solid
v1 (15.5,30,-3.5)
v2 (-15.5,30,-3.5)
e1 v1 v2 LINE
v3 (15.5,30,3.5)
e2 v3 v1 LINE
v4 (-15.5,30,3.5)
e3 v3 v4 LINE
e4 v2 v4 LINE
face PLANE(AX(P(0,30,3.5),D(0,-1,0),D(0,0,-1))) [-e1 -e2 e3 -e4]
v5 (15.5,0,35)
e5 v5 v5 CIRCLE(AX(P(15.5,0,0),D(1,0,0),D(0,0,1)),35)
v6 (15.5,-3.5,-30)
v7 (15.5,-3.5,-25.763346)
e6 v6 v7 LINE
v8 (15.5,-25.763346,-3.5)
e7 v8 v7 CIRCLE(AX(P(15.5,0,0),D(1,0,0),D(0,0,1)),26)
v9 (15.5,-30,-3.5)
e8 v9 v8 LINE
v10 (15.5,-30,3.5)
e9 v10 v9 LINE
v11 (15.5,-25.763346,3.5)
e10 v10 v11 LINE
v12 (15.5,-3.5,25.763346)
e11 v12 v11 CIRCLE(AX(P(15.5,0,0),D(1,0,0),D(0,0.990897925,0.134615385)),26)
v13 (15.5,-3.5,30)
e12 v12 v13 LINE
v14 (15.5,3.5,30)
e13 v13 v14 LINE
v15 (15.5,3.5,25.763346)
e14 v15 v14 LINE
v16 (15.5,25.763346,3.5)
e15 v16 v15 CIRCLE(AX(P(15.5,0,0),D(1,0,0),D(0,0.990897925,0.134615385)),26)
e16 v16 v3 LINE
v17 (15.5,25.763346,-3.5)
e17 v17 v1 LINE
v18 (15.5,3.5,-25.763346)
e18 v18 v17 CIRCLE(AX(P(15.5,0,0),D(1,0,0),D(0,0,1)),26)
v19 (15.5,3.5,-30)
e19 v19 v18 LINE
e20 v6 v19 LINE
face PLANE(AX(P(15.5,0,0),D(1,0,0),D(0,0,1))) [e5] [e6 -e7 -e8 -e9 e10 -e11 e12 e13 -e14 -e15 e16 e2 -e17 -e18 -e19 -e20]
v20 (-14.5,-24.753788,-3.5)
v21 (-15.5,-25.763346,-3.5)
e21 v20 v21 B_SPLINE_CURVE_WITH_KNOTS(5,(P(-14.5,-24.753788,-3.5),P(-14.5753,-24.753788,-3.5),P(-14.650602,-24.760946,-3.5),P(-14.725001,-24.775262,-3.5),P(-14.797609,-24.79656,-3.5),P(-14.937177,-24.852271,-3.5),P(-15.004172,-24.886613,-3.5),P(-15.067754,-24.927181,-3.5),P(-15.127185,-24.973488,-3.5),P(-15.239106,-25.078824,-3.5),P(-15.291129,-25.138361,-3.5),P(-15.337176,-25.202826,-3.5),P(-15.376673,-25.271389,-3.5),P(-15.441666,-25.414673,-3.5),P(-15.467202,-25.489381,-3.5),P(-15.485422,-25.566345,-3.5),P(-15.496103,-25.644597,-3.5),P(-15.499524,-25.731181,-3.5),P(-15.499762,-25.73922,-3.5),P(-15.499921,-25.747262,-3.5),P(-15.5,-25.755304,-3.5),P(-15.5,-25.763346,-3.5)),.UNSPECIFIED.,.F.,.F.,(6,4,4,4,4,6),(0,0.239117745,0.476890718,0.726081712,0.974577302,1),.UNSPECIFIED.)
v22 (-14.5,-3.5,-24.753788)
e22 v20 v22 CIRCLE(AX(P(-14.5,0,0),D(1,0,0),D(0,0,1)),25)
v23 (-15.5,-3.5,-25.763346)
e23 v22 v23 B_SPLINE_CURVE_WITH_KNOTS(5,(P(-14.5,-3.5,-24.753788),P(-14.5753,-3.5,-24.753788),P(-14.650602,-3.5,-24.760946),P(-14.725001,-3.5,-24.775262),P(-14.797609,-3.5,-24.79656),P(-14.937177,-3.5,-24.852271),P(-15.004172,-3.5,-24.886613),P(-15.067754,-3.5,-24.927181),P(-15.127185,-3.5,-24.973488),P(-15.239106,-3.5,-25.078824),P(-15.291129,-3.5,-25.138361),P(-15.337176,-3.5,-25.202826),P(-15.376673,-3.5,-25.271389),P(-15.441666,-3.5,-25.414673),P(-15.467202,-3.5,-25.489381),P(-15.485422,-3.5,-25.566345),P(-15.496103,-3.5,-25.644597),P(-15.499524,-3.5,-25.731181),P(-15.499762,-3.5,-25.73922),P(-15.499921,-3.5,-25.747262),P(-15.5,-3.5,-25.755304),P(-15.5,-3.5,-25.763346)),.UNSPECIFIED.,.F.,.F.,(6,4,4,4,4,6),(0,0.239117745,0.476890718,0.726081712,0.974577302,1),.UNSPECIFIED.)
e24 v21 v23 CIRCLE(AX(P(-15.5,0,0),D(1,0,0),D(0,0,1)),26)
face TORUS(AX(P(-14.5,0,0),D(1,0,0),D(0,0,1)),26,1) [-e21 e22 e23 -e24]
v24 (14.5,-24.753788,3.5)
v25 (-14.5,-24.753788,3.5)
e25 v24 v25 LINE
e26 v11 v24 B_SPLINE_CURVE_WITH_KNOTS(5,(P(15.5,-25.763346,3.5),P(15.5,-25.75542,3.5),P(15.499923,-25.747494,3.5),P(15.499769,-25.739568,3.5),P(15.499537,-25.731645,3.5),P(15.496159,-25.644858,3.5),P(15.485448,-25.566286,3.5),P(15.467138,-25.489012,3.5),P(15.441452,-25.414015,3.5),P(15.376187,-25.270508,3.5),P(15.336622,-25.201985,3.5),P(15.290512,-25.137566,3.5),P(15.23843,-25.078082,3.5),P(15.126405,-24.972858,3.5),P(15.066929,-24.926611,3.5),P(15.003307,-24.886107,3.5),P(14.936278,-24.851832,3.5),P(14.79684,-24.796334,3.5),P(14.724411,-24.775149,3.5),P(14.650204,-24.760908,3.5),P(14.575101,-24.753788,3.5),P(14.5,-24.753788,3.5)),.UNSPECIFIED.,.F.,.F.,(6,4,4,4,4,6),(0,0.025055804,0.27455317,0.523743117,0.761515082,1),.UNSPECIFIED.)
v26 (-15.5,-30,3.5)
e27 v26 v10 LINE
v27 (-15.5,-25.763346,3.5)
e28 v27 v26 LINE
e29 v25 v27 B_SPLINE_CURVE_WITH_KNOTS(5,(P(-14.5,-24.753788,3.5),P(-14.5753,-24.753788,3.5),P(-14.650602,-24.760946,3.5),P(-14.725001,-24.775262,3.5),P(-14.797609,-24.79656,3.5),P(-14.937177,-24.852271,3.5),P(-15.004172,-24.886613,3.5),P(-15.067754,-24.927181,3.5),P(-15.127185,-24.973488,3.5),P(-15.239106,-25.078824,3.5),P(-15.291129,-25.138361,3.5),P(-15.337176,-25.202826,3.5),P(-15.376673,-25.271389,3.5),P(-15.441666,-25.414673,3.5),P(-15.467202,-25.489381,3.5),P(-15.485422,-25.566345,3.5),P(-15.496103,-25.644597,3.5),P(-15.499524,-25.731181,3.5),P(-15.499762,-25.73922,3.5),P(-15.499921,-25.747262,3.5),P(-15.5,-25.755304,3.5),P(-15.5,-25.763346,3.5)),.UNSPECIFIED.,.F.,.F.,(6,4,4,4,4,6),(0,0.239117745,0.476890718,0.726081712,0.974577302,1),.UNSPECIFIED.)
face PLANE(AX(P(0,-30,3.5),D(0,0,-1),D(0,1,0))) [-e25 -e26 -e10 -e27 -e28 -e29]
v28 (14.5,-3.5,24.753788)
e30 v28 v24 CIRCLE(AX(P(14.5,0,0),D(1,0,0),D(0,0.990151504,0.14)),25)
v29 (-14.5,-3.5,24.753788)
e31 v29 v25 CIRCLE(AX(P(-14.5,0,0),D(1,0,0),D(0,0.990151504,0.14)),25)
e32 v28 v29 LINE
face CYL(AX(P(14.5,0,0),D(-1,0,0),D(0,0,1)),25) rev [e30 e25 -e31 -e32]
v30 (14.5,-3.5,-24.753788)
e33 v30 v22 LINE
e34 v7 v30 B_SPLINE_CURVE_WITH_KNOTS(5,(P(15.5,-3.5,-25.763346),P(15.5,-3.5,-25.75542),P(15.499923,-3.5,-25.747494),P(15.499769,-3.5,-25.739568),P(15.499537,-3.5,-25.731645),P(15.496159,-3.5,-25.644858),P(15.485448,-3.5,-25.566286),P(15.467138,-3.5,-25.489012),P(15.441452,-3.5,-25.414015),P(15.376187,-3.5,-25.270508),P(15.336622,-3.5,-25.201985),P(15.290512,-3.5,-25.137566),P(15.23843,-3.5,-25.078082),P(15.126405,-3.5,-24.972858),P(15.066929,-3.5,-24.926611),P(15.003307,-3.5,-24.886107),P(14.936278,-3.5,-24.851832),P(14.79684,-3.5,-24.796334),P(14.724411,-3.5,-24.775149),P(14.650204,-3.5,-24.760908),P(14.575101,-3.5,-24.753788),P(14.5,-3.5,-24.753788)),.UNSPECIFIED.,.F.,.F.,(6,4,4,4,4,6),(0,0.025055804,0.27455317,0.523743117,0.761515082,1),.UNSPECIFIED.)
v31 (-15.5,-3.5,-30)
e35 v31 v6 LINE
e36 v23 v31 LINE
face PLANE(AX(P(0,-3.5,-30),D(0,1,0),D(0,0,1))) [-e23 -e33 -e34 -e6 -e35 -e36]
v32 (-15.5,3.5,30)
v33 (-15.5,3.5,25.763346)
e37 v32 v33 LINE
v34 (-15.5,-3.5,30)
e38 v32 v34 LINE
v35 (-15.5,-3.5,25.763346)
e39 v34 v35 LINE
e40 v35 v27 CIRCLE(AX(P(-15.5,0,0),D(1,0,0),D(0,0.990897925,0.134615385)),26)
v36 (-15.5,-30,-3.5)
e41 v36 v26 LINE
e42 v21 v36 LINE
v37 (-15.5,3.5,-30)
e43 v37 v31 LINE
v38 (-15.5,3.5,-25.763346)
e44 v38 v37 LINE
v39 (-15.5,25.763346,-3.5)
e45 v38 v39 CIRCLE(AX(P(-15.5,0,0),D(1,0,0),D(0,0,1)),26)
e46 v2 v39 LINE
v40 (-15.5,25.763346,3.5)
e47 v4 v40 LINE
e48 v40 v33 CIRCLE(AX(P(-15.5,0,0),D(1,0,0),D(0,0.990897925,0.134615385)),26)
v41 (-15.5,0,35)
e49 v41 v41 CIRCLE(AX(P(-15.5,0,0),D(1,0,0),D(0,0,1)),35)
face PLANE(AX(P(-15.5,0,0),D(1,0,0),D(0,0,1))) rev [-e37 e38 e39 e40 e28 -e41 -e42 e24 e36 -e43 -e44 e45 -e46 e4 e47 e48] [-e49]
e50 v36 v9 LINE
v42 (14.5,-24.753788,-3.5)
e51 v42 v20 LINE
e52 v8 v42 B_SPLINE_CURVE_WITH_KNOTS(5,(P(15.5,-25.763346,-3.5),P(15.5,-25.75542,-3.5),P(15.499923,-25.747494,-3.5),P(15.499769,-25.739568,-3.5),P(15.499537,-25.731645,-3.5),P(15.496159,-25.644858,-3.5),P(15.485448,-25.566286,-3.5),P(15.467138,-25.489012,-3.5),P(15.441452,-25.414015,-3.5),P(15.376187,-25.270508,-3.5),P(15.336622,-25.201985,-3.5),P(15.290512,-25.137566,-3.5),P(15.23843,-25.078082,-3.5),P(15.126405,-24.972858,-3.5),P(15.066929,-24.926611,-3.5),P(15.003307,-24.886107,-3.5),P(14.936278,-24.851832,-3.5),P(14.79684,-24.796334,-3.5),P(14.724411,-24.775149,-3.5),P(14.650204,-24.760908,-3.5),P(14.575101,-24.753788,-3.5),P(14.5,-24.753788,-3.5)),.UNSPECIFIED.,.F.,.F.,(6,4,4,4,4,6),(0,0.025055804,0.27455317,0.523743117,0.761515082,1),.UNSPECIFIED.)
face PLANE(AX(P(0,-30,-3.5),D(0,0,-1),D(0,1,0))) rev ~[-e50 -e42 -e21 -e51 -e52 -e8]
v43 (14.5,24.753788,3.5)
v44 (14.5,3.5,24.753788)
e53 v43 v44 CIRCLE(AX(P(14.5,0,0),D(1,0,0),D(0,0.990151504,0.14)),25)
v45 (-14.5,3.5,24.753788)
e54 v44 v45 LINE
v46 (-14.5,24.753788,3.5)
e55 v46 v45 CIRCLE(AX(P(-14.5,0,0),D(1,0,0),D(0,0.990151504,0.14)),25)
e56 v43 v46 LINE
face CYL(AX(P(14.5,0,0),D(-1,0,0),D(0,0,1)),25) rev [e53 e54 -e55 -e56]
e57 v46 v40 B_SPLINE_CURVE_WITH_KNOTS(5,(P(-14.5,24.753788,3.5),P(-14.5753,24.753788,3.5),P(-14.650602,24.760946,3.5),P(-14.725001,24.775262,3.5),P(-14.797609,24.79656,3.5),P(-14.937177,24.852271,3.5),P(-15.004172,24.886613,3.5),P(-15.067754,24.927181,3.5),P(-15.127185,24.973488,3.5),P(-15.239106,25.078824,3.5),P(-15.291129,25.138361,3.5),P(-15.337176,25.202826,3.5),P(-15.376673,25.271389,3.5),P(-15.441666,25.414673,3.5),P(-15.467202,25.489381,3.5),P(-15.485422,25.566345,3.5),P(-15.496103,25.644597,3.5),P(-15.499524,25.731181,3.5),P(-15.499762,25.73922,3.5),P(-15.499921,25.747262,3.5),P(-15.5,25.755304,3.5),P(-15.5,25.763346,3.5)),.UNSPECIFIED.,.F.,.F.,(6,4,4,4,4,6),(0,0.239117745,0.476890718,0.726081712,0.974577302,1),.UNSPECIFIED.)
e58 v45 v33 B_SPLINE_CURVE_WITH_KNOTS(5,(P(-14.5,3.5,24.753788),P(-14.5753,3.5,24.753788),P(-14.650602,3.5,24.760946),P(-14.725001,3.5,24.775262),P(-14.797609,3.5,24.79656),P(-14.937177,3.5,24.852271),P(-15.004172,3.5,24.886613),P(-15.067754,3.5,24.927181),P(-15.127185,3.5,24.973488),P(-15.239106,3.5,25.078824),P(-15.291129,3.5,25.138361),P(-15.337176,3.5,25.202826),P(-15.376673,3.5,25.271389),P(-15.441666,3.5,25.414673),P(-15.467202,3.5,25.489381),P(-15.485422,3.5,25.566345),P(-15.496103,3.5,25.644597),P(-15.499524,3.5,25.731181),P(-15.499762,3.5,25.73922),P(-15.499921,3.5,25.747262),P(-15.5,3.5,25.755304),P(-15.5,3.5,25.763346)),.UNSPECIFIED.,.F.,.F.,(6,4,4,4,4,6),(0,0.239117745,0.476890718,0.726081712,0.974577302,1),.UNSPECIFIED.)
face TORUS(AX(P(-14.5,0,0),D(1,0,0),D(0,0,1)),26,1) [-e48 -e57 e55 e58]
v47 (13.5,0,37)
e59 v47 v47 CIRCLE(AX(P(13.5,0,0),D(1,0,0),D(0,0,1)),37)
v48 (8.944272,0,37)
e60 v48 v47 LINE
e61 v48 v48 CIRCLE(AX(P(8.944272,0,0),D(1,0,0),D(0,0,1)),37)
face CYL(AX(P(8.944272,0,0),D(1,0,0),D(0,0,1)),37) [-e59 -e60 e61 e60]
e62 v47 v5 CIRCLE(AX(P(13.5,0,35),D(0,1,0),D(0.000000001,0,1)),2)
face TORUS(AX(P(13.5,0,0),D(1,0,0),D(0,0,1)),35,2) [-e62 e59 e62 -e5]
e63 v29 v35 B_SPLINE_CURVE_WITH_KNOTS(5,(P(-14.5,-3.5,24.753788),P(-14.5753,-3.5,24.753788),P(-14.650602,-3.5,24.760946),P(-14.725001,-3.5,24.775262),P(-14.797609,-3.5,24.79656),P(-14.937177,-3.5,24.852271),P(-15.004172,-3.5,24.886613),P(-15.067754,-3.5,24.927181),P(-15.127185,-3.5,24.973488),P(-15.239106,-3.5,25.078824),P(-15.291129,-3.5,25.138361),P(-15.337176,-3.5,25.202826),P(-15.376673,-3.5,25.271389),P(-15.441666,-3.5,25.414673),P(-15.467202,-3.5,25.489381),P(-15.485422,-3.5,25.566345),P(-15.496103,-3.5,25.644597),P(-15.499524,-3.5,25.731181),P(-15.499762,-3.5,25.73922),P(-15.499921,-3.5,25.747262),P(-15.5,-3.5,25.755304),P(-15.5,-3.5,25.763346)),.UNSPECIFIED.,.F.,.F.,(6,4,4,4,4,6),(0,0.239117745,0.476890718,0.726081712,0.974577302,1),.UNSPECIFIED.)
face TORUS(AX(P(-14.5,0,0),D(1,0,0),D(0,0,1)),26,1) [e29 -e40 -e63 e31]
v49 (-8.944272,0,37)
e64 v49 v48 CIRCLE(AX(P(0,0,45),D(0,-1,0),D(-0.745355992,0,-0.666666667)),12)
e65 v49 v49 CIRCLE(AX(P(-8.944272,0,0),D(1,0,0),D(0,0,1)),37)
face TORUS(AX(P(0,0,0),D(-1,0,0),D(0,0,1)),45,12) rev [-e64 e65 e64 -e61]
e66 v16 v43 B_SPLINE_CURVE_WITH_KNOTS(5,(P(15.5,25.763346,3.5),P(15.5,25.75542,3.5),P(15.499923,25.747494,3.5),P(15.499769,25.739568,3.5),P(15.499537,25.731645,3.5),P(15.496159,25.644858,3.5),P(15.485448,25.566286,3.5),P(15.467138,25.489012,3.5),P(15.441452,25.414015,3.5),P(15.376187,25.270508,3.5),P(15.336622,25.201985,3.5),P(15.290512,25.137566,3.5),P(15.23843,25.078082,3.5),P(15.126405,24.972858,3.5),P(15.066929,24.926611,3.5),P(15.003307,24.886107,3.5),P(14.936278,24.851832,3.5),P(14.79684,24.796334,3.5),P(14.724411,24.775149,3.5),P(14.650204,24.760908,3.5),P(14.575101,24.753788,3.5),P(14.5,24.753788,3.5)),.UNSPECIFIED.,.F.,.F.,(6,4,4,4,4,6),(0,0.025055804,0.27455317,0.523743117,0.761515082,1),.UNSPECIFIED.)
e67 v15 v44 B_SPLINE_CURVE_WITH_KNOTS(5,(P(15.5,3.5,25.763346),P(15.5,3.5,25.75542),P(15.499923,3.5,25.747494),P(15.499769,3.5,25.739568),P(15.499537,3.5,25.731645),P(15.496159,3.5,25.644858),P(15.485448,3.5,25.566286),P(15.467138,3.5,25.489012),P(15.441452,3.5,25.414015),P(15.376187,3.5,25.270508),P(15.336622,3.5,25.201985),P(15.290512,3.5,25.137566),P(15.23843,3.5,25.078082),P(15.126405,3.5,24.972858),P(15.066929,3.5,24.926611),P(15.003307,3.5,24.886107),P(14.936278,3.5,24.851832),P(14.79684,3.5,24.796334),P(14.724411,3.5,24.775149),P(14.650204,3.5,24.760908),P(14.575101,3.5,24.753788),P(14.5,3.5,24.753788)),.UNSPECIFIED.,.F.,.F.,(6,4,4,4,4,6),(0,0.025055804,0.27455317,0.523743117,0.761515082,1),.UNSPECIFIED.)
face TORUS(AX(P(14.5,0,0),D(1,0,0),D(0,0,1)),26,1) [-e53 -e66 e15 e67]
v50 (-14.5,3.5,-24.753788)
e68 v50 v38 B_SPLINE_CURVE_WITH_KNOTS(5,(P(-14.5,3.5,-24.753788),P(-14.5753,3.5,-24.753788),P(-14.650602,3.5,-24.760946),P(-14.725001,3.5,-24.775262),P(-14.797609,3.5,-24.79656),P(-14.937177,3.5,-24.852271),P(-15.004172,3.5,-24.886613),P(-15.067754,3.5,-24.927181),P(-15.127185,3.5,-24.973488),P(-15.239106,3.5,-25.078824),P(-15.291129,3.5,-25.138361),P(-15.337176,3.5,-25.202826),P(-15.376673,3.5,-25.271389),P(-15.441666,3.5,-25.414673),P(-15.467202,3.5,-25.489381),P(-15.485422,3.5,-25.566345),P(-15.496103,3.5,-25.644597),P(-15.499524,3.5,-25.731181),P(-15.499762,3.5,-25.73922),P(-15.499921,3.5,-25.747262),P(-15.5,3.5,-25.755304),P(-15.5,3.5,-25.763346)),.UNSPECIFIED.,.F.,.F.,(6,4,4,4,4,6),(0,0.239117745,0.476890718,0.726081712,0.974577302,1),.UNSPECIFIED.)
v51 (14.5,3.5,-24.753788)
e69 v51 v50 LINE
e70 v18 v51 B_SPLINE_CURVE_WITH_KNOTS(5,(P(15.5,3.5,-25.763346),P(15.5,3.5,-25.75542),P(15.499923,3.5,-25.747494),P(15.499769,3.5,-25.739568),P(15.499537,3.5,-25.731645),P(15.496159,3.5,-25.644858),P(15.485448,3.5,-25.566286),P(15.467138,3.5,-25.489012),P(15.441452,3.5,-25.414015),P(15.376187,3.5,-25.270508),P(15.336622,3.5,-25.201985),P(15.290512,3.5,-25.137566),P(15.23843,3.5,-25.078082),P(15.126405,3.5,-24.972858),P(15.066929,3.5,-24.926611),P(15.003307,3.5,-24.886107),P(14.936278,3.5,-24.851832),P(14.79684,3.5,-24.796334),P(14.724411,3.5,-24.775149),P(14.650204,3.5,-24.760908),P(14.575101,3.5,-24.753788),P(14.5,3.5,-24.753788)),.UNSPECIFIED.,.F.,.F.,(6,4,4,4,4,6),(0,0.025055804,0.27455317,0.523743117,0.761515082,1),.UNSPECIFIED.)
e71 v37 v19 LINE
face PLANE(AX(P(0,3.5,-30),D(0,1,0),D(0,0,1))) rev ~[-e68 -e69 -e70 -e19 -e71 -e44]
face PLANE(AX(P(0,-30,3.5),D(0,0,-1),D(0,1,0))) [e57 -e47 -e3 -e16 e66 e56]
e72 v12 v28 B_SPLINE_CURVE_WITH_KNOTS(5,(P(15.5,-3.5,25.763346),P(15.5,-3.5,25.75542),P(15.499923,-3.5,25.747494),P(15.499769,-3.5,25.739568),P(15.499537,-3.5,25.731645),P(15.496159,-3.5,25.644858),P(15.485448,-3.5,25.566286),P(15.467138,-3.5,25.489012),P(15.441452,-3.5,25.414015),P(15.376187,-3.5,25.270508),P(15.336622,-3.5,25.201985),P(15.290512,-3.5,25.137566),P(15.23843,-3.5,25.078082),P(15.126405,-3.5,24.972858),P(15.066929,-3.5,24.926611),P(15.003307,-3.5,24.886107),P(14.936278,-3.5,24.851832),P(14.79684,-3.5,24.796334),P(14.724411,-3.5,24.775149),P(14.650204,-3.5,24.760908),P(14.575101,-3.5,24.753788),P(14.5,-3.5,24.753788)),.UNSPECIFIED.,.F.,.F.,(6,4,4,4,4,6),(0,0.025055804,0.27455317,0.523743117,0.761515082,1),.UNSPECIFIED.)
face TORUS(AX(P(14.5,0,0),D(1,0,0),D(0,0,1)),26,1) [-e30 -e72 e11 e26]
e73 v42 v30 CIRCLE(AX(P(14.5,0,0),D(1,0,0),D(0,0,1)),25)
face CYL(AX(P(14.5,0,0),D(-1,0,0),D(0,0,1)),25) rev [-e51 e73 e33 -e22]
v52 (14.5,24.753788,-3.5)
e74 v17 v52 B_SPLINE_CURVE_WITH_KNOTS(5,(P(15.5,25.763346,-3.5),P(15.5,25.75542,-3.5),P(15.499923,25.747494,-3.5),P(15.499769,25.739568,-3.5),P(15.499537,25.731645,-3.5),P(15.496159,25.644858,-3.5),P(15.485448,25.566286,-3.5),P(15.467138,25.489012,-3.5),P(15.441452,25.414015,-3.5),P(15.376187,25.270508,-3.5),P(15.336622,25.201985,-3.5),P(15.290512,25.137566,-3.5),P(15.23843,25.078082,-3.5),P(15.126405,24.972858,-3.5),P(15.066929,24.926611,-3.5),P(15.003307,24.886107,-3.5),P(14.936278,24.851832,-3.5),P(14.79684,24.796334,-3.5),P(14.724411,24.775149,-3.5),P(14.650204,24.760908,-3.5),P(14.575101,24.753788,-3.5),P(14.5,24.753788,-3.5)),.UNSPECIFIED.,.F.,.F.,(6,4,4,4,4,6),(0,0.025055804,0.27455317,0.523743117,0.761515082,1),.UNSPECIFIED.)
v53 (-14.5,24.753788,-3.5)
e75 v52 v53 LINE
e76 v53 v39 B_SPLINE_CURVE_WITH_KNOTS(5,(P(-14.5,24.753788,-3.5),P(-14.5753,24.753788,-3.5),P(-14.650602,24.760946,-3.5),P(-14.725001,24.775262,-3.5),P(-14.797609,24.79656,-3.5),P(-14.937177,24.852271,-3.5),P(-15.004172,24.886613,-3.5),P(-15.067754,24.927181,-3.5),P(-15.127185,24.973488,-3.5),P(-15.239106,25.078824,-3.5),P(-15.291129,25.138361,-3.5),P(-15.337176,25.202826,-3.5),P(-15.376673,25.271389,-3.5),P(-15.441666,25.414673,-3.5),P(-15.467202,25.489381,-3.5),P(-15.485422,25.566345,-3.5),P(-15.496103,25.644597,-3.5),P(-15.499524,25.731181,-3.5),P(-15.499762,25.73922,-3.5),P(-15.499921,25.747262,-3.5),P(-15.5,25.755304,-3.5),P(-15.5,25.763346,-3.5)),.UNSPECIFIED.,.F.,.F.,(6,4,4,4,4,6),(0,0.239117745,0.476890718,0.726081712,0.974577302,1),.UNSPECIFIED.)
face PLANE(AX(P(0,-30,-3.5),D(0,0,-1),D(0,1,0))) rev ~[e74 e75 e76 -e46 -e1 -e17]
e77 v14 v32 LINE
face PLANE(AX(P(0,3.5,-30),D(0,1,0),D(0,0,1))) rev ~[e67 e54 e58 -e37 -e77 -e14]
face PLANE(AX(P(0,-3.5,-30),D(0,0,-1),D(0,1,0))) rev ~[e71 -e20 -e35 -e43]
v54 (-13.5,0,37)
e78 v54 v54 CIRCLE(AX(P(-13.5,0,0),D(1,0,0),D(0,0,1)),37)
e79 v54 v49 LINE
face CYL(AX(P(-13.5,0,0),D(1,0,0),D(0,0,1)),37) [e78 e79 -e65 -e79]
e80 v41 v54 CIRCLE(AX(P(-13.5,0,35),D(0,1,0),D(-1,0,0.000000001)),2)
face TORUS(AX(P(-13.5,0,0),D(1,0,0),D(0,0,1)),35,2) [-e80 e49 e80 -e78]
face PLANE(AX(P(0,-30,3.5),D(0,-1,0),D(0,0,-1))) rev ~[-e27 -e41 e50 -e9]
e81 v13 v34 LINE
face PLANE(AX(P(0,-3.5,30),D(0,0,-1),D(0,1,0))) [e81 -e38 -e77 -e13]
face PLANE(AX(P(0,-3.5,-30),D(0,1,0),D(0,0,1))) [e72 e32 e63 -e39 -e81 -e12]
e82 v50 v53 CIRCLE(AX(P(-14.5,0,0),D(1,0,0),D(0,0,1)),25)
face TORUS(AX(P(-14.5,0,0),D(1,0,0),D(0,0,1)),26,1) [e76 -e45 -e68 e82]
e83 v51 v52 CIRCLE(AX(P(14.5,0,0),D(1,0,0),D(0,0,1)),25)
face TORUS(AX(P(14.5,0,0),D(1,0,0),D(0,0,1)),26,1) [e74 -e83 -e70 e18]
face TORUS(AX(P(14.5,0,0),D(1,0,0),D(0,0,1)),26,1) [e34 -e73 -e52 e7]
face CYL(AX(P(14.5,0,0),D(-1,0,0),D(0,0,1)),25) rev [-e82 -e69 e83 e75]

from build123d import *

# Parameters (mm, degrees)
SKETCH2_W          = 7
SKETCH2_H          = 60
CUT_EXTRUDE1_DEPTH = 55.57334521
CIRPATTERN1_COUNT  = 4


with BuildPart() as part:
    # Sketch1 → Revolve1 (revolve)
    with BuildSketch(Plane.XY, mode=Mode.PRIVATE) as revolve1_sk:
        with BuildLine():
            Line((-13.5, 37), (-8.94427191, 37))
            ThreePointArc((-8.94427191, 37), (0, 33), (8.94427191, 37))
            Line((8.94427191, 37), (13.5, 37))
            ThreePointArc((13.5, 37), (14.914213562, 36.414213562), (15.5, 35))
            Line((15.5, 35), (15.5, 26))
            ThreePointArc((15.5, 26), (15.207106781, 25.292893219), (14.5, 25))
            Line((14.5, 25), (-14.5, 25))
            ThreePointArc((-14.5, 25), (-15.207106781, 25.292893219), (-15.5, 26))
            Line((-15.5, 26), (-15.5, 35))
            ThreePointArc((-15.5, 35), (-14.914213562, 36.414213562), (-13.5, 37))
        make_face()
    revolve(revolve1_sk.sketch.rotate(Axis((0, 0, 0), (1, 0, 0)), 90), axis=Axis((0, 0, 0), (1, 0, 0)))

    # Sketch2 → Cut-Extrude1 (cut, symmetric)
    with BuildSketch(Plane(origin=(0, 0, 0), x_dir=(0, 0, -1), z_dir=(1, 0, 0))):
        Rectangle(SKETCH2_W, SKETCH2_H)
    cut_extrude1 = extrude(amount=CUT_EXTRUDE1_DEPTH, both=True, mode=Mode.SUBTRACT)

    # CirPattern1: Cut-Extrude1 ×4 about axis
    cirpattern1_axis = Axis((0, 0, 0), (1, 0, 0))
    for i in range(1, CIRPATTERN1_COUNT):
        add(cut_extrude1.rotate(cirpattern1_axis, i * 360 / CIRPATTERN1_COUNT), mode=Mode.SUBTRACT)


solid = part.part
